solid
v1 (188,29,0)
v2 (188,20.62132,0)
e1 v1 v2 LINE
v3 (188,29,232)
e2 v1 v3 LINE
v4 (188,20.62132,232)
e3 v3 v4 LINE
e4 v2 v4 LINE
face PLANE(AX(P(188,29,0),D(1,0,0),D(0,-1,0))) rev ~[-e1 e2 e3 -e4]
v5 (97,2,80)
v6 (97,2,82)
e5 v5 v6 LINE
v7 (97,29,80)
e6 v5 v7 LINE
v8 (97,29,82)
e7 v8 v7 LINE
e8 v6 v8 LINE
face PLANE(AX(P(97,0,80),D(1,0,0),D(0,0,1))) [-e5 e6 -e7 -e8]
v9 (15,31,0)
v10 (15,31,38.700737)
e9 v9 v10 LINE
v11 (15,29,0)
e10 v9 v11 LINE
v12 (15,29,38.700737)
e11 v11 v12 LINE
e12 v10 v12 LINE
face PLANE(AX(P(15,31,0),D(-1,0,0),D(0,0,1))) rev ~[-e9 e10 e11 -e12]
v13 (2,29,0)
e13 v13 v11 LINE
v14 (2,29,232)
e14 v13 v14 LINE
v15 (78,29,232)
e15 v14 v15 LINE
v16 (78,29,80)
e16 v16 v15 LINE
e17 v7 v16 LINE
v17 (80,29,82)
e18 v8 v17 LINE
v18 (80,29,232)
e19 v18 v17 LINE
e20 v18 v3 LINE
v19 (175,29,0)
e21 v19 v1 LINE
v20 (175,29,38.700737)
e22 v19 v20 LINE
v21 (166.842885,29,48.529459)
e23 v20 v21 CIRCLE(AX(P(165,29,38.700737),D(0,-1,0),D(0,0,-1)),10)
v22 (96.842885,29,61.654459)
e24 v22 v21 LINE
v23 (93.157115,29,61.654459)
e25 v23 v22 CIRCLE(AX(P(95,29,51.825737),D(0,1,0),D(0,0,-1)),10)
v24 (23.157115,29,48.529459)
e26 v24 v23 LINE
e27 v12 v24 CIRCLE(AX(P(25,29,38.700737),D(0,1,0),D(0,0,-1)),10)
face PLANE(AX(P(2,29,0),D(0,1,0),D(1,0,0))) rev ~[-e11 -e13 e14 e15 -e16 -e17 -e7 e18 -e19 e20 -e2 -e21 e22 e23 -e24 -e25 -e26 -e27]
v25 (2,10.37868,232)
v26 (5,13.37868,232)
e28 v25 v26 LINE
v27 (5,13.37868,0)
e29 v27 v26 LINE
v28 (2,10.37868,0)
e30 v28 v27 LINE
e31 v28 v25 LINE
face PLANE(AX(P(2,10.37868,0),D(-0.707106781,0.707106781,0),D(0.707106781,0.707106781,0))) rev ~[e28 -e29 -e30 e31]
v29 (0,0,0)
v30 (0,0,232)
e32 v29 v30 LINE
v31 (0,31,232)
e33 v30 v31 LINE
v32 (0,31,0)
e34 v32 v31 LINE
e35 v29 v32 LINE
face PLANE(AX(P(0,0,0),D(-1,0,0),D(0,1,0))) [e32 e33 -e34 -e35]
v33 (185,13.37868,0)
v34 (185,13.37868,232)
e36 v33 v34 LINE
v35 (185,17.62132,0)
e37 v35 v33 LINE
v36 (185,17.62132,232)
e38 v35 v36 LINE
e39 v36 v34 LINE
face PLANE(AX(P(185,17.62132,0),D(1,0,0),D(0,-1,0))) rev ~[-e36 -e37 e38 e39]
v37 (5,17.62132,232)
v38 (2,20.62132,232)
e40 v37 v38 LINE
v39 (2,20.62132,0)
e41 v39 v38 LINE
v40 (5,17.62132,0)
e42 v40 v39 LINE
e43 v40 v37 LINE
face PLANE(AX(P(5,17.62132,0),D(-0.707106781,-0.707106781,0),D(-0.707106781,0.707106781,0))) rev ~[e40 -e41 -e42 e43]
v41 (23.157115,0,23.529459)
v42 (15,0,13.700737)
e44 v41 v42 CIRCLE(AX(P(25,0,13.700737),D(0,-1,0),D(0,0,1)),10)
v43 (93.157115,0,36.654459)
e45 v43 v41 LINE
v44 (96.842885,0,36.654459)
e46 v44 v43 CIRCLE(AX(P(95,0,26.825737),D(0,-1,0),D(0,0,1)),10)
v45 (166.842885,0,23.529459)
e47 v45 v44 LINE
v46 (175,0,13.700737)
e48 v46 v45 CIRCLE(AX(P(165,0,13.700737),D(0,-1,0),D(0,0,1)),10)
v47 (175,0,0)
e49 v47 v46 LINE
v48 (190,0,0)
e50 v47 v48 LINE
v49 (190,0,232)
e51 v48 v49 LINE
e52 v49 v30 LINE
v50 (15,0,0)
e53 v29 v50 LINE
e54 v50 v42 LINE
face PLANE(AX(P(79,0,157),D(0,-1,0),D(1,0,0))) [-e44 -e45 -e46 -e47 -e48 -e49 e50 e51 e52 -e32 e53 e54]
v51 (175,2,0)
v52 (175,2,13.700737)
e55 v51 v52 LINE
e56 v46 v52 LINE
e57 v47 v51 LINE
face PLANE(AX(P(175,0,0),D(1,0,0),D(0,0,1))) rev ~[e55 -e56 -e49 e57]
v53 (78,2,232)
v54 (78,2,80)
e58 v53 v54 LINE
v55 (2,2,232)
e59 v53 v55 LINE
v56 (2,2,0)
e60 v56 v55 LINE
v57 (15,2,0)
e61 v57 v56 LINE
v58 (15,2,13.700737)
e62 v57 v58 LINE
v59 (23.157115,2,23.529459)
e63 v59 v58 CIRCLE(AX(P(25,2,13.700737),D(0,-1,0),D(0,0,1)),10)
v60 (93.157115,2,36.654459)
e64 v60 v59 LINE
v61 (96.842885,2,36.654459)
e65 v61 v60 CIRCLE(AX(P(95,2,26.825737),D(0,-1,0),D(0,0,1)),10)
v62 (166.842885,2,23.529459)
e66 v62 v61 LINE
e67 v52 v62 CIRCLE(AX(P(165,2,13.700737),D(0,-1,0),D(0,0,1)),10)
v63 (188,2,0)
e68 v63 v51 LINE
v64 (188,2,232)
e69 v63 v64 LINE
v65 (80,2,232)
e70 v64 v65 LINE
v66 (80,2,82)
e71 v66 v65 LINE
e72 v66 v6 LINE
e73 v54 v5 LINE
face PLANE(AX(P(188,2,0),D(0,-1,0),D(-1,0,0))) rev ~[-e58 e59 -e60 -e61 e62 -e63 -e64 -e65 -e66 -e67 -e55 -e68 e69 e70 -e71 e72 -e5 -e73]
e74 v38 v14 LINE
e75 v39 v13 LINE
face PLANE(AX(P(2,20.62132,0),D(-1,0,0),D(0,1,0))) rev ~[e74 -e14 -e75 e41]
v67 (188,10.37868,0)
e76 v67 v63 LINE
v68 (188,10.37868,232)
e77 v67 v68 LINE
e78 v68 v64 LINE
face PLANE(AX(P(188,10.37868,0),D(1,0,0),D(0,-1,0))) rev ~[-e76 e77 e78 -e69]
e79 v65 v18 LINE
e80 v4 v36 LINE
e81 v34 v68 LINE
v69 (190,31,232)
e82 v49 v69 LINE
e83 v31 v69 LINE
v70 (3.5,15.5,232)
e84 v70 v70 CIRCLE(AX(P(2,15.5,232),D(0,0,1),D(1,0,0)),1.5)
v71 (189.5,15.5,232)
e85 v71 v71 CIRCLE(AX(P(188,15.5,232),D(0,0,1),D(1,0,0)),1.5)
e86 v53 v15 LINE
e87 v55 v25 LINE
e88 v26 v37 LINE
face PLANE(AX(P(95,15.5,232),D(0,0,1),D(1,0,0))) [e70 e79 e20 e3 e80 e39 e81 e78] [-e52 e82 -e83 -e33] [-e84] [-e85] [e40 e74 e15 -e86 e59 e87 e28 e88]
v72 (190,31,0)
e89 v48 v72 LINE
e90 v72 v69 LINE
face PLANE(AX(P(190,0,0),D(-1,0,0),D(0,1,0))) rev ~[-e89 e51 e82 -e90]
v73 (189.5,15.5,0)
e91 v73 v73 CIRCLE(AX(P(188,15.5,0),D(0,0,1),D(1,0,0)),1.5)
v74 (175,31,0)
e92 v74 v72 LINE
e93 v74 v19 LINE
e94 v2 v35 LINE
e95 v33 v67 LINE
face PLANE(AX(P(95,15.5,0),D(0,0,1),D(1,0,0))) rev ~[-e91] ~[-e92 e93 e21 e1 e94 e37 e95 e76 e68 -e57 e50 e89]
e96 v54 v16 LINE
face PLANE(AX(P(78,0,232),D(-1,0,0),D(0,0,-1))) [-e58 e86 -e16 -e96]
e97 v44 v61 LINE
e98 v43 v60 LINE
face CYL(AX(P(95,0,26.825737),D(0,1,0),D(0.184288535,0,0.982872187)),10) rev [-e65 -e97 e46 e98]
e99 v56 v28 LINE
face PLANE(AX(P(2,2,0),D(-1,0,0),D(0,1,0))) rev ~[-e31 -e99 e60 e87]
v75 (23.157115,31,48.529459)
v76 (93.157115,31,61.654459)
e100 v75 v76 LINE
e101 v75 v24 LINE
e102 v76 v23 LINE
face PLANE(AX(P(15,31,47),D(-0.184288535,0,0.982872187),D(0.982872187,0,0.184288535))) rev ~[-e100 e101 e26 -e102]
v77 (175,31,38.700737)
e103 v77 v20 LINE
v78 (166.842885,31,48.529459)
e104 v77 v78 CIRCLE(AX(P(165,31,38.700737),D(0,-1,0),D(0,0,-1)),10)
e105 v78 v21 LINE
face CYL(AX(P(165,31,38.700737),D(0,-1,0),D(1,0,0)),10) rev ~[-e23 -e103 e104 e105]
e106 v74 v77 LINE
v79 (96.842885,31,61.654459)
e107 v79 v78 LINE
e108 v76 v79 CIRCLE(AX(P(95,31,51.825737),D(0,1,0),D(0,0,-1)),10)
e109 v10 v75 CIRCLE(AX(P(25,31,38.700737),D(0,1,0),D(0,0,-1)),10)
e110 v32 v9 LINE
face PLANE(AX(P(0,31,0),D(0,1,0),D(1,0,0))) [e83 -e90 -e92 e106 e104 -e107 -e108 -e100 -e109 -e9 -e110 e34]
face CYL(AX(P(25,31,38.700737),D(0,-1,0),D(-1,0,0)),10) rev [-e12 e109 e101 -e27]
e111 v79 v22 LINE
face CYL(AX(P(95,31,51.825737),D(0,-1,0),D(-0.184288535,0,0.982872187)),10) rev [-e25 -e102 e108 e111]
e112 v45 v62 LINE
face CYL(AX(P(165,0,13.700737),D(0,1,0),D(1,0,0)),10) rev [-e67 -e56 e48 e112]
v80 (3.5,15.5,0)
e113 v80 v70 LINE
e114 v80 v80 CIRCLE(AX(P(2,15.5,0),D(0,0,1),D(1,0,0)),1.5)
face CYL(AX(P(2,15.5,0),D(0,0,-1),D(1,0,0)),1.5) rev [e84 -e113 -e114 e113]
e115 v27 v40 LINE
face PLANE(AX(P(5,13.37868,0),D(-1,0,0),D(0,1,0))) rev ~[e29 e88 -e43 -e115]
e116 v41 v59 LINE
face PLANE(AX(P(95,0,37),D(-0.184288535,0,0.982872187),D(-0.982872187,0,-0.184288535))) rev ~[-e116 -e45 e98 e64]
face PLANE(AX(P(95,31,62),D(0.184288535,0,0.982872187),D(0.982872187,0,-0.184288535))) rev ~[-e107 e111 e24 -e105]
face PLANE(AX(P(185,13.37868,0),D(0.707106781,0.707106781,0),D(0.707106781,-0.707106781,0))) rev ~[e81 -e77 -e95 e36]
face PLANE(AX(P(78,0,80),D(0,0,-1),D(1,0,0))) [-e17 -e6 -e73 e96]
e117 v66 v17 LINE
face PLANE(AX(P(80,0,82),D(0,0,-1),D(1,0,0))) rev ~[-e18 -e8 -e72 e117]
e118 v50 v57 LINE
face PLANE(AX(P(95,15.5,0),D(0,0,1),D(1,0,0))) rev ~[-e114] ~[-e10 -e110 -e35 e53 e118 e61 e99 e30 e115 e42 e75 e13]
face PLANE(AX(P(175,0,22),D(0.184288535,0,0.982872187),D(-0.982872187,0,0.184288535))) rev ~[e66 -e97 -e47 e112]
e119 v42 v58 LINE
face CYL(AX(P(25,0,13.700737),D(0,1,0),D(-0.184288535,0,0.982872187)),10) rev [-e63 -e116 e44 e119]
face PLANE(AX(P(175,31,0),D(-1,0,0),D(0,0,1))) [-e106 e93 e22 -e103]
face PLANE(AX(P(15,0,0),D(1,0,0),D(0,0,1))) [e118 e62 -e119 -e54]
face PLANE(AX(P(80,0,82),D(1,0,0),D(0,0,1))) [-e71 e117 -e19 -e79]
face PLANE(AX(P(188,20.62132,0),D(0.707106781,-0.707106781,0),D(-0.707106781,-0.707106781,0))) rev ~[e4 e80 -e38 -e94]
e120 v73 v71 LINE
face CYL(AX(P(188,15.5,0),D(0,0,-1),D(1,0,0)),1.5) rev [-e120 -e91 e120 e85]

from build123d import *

# Parameters (mm, degrees)
F0_W     = 190
F0_H     = 31
F0_R     = 1.5
F1_DEPTH = 232
F2_W     = 2
F2_H     = 150
F2_H_2   = 2
F2_W_2   = 17
F3_DEPTH = 29.5
F4_W     = 160
F4_H     = 47
F5_DEPTH = 5
F6_W     = 160
F6_H     = 22
F7_DEPTH = 5
F8_R     = 10


with BuildPart() as f1:
    # F0 (on Top) → F1 (new body)
    with BuildSketch(Plane.XY):
        with Locations((95, 15.5)):
            Rectangle(F0_W, F0_H)
        with Locations((2, 15.5)):
            Circle(F0_R, mode=Mode.SUBTRACT)
        Polygon((188, 2), (2, 2), (2, 10.3786796564), (5, 13.3786796564), (5, 17.6213203436), (2, 20.6213203436), (2, 29), (188, 29), (188, 20.6213203436), (185, 17.6213203436), (185, 13.3786796564), (188, 10.3786796564), align=None, mode=Mode.SUBTRACT)
        with Locations((188, 15.5)):
            Circle(F0_R, mode=Mode.SUBTRACT)
    extrude(amount=F1_DEPTH)

    # F2 (on face) → F3 (join)
    with BuildSketch(Plane.XZ):
        with Locations((79, 157)):
            Rectangle(F2_W, F2_H)
        with Locations((79, 81)):
            Rectangle(F2_W, F2_H_2)
        with Locations((88.5, 81)):
            Rectangle(F2_W_2, F2_H_2)
    extrude(amount=-F3_DEPTH)

    # F4 (on face) → F5 (cut)
    with BuildSketch(Plane(origin=(0, 31, 0), x_dir=(-1, 0, 0), z_dir=(0, 1, 0))):
        Polygon((-95, 62), (-175, 47), (-15, 47), align=None)
        with Locations((-95, 23.5)):
            Rectangle(F4_W, F4_H)
    extrude(amount=-F5_DEPTH, mode=Mode.SUBTRACT)

    # F6 (on face) → F7 (cut)
    with BuildSketch(Plane.XZ):
        Polygon((95, 37), (15, 22), (175, 22), align=None)
        with Locations((95, 11)):
            Rectangle(F6_W, F6_H)
    extrude(amount=-F7_DEPTH, mode=Mode.SUBTRACT)

    # F8
    f8_edges = [f1.edges().sort_by_distance(p)[0] for p in [
        (15, 30, 47),
        (15, 1, 22),
        (175, 30, 47),
        (175, 1, 22),
        (95, 30, 62),
        (95, 1, 37),
    ]]
    fillet(f8_edges, radius=F8_R)


solid = f1.part
